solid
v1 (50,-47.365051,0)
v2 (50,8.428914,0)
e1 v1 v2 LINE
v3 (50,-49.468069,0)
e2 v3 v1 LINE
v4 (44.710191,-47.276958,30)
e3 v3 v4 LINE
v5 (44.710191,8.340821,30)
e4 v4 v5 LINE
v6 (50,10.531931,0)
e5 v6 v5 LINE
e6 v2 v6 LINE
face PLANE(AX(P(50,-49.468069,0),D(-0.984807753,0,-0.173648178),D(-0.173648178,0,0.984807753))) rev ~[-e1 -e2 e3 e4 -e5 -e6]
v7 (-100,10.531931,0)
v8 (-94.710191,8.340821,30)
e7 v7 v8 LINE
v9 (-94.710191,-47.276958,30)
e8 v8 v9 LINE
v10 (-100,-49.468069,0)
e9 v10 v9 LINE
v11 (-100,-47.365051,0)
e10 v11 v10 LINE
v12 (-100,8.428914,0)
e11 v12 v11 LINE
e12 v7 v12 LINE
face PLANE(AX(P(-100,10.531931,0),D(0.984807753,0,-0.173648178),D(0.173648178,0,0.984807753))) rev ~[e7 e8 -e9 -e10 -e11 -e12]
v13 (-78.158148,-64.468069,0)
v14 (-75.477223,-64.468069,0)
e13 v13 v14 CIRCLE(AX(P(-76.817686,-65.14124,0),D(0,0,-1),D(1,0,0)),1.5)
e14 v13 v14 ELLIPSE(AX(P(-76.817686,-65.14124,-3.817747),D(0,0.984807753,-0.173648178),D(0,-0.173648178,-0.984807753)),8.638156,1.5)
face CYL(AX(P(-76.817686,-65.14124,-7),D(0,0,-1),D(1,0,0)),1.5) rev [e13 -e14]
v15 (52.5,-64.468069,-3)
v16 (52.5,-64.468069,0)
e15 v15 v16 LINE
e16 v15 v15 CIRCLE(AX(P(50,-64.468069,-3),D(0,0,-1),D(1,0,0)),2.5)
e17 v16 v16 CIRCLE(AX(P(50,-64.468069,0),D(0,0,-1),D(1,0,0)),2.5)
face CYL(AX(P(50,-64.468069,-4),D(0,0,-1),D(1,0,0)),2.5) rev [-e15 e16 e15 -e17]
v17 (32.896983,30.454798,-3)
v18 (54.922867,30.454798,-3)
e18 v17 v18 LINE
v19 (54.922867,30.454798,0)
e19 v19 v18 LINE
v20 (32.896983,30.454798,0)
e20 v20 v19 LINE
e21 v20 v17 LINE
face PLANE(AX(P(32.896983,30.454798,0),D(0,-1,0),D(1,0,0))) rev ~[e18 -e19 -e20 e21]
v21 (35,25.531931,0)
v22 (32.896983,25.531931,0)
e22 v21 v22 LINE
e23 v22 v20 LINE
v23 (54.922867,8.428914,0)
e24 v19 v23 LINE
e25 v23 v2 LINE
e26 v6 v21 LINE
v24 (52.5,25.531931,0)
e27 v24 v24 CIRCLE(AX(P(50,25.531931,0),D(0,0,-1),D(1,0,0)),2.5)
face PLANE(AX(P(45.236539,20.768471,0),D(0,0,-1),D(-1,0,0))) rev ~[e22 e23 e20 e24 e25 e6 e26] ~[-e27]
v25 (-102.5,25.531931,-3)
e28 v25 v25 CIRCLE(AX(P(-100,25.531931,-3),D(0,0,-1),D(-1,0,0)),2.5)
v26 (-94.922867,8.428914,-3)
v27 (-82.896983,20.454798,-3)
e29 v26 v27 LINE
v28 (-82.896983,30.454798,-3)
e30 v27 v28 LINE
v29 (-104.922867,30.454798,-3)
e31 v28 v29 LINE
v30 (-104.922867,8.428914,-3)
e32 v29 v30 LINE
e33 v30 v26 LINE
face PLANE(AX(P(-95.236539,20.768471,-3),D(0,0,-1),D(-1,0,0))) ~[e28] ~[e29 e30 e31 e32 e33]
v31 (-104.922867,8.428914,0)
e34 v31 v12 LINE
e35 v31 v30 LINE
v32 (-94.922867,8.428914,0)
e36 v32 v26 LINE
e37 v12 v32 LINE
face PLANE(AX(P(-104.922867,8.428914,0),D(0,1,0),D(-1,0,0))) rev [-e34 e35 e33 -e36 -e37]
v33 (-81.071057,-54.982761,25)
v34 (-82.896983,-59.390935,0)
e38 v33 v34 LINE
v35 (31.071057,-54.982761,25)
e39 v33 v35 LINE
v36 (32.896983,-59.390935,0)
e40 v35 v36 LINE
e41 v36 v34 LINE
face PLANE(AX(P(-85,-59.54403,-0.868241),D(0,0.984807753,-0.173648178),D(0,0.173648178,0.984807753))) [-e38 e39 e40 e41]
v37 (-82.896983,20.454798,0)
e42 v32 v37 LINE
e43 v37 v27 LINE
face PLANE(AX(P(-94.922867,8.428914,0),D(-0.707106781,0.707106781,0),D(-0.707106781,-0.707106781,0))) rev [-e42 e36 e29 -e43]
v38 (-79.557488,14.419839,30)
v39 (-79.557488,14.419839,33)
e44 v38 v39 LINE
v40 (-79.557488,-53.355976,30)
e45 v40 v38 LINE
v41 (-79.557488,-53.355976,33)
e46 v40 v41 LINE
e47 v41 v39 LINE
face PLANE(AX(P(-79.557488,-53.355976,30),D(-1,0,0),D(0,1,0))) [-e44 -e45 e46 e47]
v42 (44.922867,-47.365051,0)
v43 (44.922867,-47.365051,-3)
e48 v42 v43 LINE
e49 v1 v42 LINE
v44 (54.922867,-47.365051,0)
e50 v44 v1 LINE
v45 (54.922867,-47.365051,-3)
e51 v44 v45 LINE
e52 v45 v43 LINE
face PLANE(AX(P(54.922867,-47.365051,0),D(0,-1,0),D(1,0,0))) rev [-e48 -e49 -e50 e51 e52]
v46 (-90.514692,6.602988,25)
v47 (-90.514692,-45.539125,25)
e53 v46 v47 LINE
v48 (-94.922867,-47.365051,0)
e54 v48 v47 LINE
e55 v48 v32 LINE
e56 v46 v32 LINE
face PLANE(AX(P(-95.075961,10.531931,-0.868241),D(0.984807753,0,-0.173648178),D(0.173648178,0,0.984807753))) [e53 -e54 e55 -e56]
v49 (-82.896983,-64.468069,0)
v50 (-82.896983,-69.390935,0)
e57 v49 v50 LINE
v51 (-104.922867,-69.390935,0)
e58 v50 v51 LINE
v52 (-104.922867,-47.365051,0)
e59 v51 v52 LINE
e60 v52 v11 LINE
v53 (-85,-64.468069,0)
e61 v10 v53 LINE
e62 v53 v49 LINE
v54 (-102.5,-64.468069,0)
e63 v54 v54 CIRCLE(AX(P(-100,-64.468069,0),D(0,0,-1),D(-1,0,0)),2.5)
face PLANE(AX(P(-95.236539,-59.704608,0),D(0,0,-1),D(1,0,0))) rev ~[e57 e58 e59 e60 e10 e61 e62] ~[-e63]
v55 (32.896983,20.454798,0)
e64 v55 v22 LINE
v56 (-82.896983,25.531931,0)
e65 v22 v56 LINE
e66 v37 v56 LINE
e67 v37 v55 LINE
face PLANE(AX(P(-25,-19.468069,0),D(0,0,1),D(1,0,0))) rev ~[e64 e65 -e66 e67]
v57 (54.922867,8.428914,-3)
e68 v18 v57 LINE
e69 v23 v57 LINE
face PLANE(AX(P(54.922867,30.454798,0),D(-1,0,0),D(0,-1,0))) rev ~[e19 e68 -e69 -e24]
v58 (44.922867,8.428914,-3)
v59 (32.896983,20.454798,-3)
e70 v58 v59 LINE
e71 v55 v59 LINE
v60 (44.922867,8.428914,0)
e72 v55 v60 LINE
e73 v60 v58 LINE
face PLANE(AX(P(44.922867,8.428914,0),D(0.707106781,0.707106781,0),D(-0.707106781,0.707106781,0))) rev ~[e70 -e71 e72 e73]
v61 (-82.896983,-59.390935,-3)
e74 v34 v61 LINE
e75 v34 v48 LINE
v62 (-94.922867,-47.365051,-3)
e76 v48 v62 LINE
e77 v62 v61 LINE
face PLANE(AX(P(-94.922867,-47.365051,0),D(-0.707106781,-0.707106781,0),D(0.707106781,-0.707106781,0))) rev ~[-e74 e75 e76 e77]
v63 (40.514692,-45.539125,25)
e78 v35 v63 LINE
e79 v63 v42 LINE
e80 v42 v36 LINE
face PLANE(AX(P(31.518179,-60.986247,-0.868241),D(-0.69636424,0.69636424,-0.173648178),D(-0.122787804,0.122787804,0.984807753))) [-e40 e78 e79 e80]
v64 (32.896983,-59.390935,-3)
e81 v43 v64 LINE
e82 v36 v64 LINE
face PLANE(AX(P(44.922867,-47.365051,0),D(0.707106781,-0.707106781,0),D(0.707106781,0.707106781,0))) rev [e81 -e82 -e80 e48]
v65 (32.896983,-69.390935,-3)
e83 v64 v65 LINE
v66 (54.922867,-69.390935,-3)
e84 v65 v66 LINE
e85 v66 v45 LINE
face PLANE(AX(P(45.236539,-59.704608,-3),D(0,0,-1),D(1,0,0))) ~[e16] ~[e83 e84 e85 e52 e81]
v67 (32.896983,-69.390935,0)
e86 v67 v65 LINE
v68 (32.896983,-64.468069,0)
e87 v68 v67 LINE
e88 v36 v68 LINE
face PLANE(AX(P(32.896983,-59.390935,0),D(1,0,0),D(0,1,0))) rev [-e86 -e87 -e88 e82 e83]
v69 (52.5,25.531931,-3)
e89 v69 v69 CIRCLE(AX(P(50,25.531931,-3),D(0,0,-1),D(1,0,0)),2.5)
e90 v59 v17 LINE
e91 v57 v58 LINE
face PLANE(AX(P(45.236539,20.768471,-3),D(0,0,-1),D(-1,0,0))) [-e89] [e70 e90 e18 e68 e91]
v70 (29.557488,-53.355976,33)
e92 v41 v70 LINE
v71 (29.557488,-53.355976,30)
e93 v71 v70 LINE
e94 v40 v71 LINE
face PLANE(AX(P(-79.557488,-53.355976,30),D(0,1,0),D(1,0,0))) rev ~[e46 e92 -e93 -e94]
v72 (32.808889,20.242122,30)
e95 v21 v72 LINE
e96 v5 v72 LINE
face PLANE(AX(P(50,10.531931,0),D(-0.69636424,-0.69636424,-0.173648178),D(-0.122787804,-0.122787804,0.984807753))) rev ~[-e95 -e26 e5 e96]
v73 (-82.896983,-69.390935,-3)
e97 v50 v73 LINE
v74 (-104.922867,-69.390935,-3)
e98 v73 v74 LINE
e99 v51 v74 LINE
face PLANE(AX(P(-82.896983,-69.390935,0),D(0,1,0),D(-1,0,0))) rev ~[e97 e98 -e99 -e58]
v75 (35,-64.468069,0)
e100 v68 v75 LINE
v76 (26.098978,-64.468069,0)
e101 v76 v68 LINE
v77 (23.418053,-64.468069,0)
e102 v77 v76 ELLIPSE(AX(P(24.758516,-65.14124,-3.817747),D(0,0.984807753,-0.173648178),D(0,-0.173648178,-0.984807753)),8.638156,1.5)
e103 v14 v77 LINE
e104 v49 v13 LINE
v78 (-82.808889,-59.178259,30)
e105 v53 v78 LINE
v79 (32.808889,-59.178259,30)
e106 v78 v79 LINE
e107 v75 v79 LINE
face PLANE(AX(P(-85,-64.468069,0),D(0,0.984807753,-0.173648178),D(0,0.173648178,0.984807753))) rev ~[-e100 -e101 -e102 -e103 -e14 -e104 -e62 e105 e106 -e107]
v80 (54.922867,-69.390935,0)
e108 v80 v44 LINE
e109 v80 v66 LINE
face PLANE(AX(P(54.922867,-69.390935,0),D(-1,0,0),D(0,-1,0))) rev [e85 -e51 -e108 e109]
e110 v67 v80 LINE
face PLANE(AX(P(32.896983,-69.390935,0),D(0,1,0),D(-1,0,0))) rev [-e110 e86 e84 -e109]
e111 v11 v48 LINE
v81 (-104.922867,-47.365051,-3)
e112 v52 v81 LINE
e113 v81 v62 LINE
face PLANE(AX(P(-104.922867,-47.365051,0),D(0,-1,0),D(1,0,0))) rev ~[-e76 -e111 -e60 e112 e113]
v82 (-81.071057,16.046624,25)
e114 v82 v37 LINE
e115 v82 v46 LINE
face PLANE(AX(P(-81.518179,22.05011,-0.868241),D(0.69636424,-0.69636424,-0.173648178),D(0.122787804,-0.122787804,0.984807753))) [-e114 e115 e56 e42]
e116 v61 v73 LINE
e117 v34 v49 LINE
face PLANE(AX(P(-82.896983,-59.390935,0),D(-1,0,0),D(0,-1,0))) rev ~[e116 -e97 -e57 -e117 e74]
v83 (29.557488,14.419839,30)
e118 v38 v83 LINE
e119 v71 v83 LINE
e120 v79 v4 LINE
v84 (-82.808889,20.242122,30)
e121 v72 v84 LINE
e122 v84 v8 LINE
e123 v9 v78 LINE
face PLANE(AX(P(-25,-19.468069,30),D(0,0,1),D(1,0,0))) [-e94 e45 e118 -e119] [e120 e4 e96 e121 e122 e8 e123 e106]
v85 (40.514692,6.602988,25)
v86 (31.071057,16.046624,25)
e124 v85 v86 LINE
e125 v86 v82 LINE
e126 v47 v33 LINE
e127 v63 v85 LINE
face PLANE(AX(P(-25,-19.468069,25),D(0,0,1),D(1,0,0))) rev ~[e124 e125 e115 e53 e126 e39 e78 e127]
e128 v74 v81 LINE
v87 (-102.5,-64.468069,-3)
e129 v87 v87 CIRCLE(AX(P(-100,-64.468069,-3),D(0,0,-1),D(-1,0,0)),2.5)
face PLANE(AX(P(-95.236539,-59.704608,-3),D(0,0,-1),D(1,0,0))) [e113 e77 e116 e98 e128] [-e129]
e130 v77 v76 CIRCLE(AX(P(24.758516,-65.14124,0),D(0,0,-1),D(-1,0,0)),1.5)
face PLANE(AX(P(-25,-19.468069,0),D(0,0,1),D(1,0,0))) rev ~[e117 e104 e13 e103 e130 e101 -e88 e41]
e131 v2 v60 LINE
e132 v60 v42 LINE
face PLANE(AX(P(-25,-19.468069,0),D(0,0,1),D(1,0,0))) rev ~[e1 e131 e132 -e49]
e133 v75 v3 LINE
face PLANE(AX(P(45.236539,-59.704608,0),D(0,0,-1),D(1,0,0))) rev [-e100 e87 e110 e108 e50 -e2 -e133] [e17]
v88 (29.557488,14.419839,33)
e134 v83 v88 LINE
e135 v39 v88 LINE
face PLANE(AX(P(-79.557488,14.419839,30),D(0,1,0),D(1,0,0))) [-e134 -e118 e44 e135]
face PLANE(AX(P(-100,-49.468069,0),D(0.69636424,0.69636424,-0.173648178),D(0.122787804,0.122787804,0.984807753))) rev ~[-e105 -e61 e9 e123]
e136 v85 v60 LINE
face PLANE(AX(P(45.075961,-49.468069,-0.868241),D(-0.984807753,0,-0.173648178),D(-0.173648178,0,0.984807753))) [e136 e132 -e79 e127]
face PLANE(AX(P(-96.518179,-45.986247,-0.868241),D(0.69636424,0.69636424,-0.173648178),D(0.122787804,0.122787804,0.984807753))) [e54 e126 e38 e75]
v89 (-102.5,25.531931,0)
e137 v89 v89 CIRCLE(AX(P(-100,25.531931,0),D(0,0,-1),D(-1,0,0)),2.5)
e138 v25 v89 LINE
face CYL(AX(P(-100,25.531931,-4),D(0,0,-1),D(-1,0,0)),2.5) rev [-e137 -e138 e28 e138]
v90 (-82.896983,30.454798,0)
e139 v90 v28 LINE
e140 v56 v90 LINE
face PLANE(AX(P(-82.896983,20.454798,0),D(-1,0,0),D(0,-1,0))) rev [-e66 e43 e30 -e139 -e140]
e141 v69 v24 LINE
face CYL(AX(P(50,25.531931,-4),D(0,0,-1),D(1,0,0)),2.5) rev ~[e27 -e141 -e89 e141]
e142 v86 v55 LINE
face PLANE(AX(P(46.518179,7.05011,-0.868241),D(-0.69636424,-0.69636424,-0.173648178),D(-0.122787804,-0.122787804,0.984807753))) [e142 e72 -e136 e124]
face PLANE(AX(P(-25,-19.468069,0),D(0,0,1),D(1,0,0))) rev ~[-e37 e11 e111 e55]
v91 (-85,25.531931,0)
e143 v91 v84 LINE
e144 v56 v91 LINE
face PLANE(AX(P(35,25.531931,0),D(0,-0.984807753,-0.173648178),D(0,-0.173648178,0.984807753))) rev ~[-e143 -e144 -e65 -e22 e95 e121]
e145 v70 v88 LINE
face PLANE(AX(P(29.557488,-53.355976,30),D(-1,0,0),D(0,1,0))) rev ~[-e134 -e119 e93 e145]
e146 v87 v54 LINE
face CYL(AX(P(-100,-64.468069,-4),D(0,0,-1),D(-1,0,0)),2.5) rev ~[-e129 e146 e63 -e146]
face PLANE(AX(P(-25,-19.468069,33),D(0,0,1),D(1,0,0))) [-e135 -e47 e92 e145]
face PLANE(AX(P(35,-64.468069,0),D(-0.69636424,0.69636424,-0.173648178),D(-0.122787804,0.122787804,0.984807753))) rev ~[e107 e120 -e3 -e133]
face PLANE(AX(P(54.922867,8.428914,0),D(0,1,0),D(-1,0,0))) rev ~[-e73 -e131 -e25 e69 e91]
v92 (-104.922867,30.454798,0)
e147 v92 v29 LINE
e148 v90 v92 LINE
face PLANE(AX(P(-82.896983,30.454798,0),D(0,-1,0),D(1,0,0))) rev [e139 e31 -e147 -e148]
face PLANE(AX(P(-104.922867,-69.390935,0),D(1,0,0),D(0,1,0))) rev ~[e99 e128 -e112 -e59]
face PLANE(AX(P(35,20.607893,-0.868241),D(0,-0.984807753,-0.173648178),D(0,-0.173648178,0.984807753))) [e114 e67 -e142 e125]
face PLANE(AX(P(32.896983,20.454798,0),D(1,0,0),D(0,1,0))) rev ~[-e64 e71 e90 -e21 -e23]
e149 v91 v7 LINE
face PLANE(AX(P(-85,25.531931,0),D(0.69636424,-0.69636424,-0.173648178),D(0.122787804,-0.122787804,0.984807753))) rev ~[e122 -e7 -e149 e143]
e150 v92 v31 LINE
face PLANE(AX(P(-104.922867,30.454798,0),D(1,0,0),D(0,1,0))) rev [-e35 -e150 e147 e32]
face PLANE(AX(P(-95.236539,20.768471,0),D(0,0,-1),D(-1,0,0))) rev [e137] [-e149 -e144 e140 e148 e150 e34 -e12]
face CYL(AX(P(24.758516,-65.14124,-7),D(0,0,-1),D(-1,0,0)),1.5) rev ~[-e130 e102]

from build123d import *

# Parameters (mm, degrees)
BOSS_EXTRUDE1_DEPTH     = 30
BOSS_EXTRUDE1_TAPER     = 10
SHELL1_T                = -5
SKETCH4_R               = 1.5
CUT_EXTRUDE1_DEPTH      = 15
SKETCH5_W               = 109.114976024
SKETCH5_H               = 67.775815427
BOSS_EXTRUDE3_DEPTH     = 3
BOSS_EXTRUDE5_DEPTH     = 3
MIRROR5_COPY_1_DEPTH    = 3
CUT_EXTRUDE2_START      = -4
SKETCH9_R               = 2.5
CUT_EXTRUDE2_DEPTH      = 38
MIRROR7_START           = -4
MIRROR7_COPY_1_SKETCH_R = 2.5
MIRROR7_COPY_1_DEPTH    = 38


with BuildPart() as part:
    # Sketch1 → Boss-Extrude1 (new body)
    with BuildSketch(Plane.XY):
        Polygon((-100, 10.531931481), (-100, -49.468068519), (-85, -64.468068519), (35, -64.468068519), (50, -49.468068519), (50, 10.531931481), (35, 25.531931481), (-85, 25.531931481), align=None)
    extrude(amount=BOSS_EXTRUDE1_DEPTH, taper=BOSS_EXTRUDE1_TAPER)

    # Shell1
    shell1_openings = [part.faces().sort_by_distance(p)[0] for p in [
        (-25, -19.468068519, 0),
    ]]
    offset(amount=SHELL1_T, openings=shell1_openings, kind=Kind.INTERSECTION)

    # Sketch4 → Cut-Extrude1 (cut)
    with BuildSketch(Plane(origin=(0, 0, -7), x_dir=(-1, 0, 0), z_dir=(0, 0, -1))):
        with Locations((-24.758515909, -65.141240386)):
            Circle(SKETCH4_R)
    cut_extrude1 = extrude(amount=-CUT_EXTRUDE1_DEPTH, mode=Mode.SUBTRACT)

    # Mirror1: Cut-Extrude1 across plane
    add(cut_extrude1.mirror(Plane(origin=(-26.029584976, 0, 0), x_dir=(0, 0, 1), z_dir=(1, 0, 0))), mode=Mode.SUBTRACT)

    # Sketch5 → Boss-Extrude3 (add)
    with BuildSketch(Plane.XY.offset(30)):
        with Locations((-25, -19.468068519)):
            Rectangle(SKETCH5_W, SKETCH5_H)
    extrude(amount=BOSS_EXTRUDE3_DEPTH)

    # Sketch8 → Boss-Extrude5 (add)
    with BuildSketch(Plane(origin=(0, 0, 0), x_dir=(-1, 0, 0), z_dir=(0, 0, -1))):
        Polygon((-54.922866941, 8.42891411), (-44.922866941, 8.42891411), (-32.896982629, 20.454798422), (-32.896982629, 30.454798422), (-54.922866941, 30.454798422), align=None)
    boss_extrude5 = extrude(amount=BOSS_EXTRUDE5_DEPTH)

    # Mirror4: Boss-Extrude5 across plane
    add(boss_extrude5.mirror(Plane.ZY.offset(25)))

    # Mirror5: Boss-Extrude5 across plane
    add(boss_extrude5.mirror(Plane.ZX.offset(-19.468068519)))

    # Mirror5 copy 1 sketch → Mirror5 copy 1 (add)
    with BuildSketch(Plane(origin=(-50, -38.936137038, 0), x_dir=(1, 0, 0), z_dir=(0, 0, -1))):
        Polygon((-54.922866941, 8.42891411), (-44.922866941, 8.42891411), (-32.896982629, 20.454798422), (-32.896982629, 30.454798422), (-54.922866941, 30.454798422), align=None)
    extrude(amount=MIRROR5_COPY_1_DEPTH)

    # Sketch9 → Cut-Extrude2 (cut)
    with BuildSketch(Plane.XY.offset(CUT_EXTRUDE2_START)):
        with Locations((50, -64.468068519)):
            Circle(SKETCH9_R)
    cut_extrude2 = extrude(amount=CUT_EXTRUDE2_DEPTH, mode=Mode.SUBTRACT)

    # Mirror6: Cut-Extrude2 across plane
    add(cut_extrude2.mirror(Plane.ZY.offset(25)), mode=Mode.SUBTRACT)

    # Mirror7: Cut-Extrude2 across plane
    add(cut_extrude2.mirror(Plane.ZX.offset(-19.468068519)), mode=Mode.SUBTRACT)

    # Mirror7 copy 1 sketch → Mirror7 copy 1 (cut)
    with BuildSketch(Plane(origin=(-50, -38.936137038, 0), x_dir=(-1, 0, 0), z_dir=(0, 0, 1)).offset(MIRROR7_START)):
        with Locations((50, -64.468068519)):
            Circle(MIRROR7_COPY_1_SKETCH_R)
    extrude(amount=MIRROR7_COPY_1_DEPTH, mode=Mode.SUBTRACT)


solid = part.part
